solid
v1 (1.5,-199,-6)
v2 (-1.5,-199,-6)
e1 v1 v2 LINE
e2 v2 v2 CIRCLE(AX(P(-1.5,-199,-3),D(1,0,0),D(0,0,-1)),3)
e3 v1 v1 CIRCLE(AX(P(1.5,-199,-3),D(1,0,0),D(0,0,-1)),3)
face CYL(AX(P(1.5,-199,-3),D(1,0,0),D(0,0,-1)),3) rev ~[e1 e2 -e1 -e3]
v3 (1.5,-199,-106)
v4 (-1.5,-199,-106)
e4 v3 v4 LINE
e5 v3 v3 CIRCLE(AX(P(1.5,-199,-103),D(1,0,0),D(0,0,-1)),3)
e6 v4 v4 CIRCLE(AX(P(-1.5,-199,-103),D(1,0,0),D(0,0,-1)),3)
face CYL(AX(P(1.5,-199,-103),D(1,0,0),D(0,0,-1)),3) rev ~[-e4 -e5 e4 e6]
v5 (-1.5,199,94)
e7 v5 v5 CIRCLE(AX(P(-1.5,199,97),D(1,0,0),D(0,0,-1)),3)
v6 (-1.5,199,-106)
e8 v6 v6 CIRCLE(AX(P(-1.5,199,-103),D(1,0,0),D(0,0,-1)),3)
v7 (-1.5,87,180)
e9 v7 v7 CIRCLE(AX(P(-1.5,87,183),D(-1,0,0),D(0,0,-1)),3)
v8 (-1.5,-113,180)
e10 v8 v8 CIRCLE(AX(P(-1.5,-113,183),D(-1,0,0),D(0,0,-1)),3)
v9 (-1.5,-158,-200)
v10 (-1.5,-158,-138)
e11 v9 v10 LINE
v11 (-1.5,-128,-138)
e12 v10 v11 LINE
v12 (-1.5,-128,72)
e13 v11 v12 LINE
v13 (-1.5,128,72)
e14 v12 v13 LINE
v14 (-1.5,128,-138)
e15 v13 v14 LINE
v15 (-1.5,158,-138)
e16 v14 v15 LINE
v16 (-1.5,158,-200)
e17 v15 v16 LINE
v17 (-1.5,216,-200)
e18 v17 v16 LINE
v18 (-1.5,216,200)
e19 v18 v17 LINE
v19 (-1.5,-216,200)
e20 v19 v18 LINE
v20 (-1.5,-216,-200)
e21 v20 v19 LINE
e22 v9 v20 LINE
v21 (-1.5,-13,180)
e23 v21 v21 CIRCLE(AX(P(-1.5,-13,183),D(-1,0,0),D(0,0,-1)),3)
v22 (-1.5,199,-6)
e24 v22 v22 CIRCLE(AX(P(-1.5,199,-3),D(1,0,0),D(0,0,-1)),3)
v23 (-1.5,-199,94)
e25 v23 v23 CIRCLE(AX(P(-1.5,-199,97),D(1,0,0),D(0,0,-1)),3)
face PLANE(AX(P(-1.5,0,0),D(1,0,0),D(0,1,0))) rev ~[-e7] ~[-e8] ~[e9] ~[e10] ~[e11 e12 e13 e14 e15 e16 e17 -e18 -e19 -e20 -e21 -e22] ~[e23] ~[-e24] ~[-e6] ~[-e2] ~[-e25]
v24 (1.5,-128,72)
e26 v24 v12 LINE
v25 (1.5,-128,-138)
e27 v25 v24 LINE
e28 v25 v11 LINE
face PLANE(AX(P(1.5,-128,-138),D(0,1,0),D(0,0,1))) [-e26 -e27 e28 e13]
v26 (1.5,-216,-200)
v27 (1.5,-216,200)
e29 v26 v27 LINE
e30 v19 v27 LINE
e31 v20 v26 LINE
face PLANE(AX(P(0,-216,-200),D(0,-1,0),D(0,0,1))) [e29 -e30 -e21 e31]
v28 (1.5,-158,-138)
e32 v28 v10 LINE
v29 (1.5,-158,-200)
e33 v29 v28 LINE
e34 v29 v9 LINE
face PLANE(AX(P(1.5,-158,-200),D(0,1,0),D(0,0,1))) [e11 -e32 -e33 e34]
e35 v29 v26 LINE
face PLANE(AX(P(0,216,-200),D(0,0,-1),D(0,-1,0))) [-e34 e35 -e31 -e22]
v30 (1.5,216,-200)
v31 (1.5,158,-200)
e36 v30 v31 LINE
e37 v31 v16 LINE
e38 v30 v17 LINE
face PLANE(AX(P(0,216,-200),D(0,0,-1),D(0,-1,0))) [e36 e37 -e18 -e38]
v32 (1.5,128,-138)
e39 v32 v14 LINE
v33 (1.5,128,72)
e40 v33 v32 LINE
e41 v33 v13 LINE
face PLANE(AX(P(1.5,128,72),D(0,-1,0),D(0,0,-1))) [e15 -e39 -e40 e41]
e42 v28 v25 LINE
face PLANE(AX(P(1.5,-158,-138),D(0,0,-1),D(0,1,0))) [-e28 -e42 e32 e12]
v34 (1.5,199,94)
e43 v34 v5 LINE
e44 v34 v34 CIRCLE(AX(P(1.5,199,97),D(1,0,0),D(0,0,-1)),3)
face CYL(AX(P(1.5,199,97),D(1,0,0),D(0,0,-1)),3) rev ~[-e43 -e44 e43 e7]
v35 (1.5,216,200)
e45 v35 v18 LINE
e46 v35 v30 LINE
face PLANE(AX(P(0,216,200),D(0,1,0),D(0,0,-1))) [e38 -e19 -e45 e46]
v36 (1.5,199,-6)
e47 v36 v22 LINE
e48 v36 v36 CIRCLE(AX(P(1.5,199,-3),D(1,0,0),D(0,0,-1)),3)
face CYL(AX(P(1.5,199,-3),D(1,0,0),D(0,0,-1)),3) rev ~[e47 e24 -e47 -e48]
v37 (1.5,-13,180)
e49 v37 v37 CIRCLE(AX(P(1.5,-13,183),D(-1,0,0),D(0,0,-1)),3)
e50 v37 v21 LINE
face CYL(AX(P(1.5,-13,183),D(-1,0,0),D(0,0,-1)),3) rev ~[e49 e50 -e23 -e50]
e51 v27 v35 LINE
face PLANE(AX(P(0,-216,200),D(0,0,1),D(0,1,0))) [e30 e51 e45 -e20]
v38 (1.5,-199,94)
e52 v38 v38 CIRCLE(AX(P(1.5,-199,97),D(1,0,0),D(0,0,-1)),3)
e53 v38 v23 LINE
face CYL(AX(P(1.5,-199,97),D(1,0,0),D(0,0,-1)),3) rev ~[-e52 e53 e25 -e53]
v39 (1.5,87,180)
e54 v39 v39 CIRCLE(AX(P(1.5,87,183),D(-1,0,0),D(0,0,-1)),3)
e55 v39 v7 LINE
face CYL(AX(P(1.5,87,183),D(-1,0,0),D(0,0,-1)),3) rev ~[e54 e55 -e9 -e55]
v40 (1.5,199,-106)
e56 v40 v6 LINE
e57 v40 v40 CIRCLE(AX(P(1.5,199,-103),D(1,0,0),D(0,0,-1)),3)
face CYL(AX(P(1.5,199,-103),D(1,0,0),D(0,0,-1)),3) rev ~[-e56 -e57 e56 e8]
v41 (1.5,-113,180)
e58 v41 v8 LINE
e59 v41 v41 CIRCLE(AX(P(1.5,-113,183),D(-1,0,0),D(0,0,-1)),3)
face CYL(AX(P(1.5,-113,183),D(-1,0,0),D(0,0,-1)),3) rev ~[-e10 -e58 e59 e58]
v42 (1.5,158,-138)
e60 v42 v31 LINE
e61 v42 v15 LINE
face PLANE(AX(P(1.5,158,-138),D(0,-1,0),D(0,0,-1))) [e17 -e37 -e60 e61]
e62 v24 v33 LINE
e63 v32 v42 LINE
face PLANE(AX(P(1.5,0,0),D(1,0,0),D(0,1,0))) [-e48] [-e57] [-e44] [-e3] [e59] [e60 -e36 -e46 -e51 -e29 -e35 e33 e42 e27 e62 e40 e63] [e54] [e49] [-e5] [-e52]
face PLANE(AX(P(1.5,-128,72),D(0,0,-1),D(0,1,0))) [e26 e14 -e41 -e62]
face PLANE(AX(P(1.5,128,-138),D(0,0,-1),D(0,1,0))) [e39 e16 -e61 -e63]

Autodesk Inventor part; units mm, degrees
ref_plane "YZ Plane" through (0, 0, 0) normal (1, 0, 0) x (0, 1, 0)
ref_plane "XZ Plane" through (0, 0, 0) normal (0, 1, 0) x (-1, 0, 0)
ref_plane "XY Plane" through (0, 0, 0) normal (0, 0, 1) x (1, 0, 0)
sketch "Sketch1" plane through (0, 0, 0) normal (1, 0, 0) x (0, 1, 0)
  line L0 (-216, 200) -> (216, 200)
  line L1 (216, 200) -> (216, -200)
  line L2 (216, -200) -> (-216, -200)
  line L3 (-216, -200) -> (-216, 200)
  line L4 (-216, 200) -> (216, -200) construction
  line L5 (216, 200) -> (-216, -200) construction
  point P0 (0, 0)
  dimension "d0" = 432
  dimension "d1" = 400
extrude "Extrusion1" add sketch "Sketch1" along normal mid plane 3
sketch "Sketch2" plane through (1.5, 0, 0) normal (1, 0, 0) x (0, 0, -1)
  line L0 (200, -216) -> (200, 216) projected
  line L1 (200, -158) -> (138, -158)
  line L2 (138, -158) -> (138, -128)
  line L3 (138, -128) -> (-72, -128)
  line L4 (-72, -128) -> (-72, 128)
  line L5 (-72, 128) -> (138, 128)
  line L6 (138, 128) -> (138, 158)
  line L7 (138, 158) -> (200, 158)
  line L8 (-200, -216) -> (200, -216) projected
  line L9 (200, 216) -> (-200, 216) projected
  point P0 (0, 0)
  dimension "d4" = 58
  dimension "d5" = 58
  dimension "d6" = 62
  dimension "d7" = 30
  dimension "d8" = 210
extrude "Extrusion2" cut sketch "Sketch2" against normal blind 3
sketch "Sketch3" plane through (1.5, 0, 0) normal (1, 0, 0) x (0, 0, -1)
  circle A0 centre (3, 199) radius 3
  circle A1 centre (103, 199) radius 3
  circle A2 centre (-97, 199) radius 3
  circle A3 centre (-97, -199) radius 3
  circle A4 centre (3, -199) radius 3
  circle A5 centre (103, -199) radius 3
  line L0 (-200, 216) -> (-200, -216) projected
  line L1 (200, 216) -> (-200, 216) projected
  line L2 (-200, -216) -> (200, -216) projected
  point P0 (0, 0)
  dimension "d13" = 103
  dimension "d14" = 17
  dimension "d15" = 6
  dimension "d16" = 100
  dimension "d17" = 100
  dimension "d18" = 17
  dimension "d19" = 100
extrude "Extrusion3" cut sketch "Sketch3" against normal blind 3
sketch "Sketch4" plane through (1.5, 0, 0) normal (1, 0, 0) x (0, 0, -1)
  circle A0 centre (-183, -113) radius 2.5 projected
  circle A1 centre (-183, -13) radius 2.5 projected
  arc A2 (-183, 79.5) -> (-183, 94.5) centre (-183, 87) ccw projected
  line L0 (-183, 94.5) -> (-194, 94.5) projected
  line L1 (-194, 79.5) -> (-194, 94.5) projected
  line L2 (-183, 79.5) -> (-194, 79.5) projected
  circle A3 centre (-183, 87) radius 2.5 projected
  point P0 (0, 0)
hole "Hole1" at (1.5, -113, 183) at (1.5, -13, 183) at (1.5, 87, 183) direction (-1, 0, 0) diameter 6 depth 14.2 tip angle 118
equation "\"d5\" = d4"
properties part number "HCMUTE-CDT23-KXL_A04" material "PMMA Plastic"
